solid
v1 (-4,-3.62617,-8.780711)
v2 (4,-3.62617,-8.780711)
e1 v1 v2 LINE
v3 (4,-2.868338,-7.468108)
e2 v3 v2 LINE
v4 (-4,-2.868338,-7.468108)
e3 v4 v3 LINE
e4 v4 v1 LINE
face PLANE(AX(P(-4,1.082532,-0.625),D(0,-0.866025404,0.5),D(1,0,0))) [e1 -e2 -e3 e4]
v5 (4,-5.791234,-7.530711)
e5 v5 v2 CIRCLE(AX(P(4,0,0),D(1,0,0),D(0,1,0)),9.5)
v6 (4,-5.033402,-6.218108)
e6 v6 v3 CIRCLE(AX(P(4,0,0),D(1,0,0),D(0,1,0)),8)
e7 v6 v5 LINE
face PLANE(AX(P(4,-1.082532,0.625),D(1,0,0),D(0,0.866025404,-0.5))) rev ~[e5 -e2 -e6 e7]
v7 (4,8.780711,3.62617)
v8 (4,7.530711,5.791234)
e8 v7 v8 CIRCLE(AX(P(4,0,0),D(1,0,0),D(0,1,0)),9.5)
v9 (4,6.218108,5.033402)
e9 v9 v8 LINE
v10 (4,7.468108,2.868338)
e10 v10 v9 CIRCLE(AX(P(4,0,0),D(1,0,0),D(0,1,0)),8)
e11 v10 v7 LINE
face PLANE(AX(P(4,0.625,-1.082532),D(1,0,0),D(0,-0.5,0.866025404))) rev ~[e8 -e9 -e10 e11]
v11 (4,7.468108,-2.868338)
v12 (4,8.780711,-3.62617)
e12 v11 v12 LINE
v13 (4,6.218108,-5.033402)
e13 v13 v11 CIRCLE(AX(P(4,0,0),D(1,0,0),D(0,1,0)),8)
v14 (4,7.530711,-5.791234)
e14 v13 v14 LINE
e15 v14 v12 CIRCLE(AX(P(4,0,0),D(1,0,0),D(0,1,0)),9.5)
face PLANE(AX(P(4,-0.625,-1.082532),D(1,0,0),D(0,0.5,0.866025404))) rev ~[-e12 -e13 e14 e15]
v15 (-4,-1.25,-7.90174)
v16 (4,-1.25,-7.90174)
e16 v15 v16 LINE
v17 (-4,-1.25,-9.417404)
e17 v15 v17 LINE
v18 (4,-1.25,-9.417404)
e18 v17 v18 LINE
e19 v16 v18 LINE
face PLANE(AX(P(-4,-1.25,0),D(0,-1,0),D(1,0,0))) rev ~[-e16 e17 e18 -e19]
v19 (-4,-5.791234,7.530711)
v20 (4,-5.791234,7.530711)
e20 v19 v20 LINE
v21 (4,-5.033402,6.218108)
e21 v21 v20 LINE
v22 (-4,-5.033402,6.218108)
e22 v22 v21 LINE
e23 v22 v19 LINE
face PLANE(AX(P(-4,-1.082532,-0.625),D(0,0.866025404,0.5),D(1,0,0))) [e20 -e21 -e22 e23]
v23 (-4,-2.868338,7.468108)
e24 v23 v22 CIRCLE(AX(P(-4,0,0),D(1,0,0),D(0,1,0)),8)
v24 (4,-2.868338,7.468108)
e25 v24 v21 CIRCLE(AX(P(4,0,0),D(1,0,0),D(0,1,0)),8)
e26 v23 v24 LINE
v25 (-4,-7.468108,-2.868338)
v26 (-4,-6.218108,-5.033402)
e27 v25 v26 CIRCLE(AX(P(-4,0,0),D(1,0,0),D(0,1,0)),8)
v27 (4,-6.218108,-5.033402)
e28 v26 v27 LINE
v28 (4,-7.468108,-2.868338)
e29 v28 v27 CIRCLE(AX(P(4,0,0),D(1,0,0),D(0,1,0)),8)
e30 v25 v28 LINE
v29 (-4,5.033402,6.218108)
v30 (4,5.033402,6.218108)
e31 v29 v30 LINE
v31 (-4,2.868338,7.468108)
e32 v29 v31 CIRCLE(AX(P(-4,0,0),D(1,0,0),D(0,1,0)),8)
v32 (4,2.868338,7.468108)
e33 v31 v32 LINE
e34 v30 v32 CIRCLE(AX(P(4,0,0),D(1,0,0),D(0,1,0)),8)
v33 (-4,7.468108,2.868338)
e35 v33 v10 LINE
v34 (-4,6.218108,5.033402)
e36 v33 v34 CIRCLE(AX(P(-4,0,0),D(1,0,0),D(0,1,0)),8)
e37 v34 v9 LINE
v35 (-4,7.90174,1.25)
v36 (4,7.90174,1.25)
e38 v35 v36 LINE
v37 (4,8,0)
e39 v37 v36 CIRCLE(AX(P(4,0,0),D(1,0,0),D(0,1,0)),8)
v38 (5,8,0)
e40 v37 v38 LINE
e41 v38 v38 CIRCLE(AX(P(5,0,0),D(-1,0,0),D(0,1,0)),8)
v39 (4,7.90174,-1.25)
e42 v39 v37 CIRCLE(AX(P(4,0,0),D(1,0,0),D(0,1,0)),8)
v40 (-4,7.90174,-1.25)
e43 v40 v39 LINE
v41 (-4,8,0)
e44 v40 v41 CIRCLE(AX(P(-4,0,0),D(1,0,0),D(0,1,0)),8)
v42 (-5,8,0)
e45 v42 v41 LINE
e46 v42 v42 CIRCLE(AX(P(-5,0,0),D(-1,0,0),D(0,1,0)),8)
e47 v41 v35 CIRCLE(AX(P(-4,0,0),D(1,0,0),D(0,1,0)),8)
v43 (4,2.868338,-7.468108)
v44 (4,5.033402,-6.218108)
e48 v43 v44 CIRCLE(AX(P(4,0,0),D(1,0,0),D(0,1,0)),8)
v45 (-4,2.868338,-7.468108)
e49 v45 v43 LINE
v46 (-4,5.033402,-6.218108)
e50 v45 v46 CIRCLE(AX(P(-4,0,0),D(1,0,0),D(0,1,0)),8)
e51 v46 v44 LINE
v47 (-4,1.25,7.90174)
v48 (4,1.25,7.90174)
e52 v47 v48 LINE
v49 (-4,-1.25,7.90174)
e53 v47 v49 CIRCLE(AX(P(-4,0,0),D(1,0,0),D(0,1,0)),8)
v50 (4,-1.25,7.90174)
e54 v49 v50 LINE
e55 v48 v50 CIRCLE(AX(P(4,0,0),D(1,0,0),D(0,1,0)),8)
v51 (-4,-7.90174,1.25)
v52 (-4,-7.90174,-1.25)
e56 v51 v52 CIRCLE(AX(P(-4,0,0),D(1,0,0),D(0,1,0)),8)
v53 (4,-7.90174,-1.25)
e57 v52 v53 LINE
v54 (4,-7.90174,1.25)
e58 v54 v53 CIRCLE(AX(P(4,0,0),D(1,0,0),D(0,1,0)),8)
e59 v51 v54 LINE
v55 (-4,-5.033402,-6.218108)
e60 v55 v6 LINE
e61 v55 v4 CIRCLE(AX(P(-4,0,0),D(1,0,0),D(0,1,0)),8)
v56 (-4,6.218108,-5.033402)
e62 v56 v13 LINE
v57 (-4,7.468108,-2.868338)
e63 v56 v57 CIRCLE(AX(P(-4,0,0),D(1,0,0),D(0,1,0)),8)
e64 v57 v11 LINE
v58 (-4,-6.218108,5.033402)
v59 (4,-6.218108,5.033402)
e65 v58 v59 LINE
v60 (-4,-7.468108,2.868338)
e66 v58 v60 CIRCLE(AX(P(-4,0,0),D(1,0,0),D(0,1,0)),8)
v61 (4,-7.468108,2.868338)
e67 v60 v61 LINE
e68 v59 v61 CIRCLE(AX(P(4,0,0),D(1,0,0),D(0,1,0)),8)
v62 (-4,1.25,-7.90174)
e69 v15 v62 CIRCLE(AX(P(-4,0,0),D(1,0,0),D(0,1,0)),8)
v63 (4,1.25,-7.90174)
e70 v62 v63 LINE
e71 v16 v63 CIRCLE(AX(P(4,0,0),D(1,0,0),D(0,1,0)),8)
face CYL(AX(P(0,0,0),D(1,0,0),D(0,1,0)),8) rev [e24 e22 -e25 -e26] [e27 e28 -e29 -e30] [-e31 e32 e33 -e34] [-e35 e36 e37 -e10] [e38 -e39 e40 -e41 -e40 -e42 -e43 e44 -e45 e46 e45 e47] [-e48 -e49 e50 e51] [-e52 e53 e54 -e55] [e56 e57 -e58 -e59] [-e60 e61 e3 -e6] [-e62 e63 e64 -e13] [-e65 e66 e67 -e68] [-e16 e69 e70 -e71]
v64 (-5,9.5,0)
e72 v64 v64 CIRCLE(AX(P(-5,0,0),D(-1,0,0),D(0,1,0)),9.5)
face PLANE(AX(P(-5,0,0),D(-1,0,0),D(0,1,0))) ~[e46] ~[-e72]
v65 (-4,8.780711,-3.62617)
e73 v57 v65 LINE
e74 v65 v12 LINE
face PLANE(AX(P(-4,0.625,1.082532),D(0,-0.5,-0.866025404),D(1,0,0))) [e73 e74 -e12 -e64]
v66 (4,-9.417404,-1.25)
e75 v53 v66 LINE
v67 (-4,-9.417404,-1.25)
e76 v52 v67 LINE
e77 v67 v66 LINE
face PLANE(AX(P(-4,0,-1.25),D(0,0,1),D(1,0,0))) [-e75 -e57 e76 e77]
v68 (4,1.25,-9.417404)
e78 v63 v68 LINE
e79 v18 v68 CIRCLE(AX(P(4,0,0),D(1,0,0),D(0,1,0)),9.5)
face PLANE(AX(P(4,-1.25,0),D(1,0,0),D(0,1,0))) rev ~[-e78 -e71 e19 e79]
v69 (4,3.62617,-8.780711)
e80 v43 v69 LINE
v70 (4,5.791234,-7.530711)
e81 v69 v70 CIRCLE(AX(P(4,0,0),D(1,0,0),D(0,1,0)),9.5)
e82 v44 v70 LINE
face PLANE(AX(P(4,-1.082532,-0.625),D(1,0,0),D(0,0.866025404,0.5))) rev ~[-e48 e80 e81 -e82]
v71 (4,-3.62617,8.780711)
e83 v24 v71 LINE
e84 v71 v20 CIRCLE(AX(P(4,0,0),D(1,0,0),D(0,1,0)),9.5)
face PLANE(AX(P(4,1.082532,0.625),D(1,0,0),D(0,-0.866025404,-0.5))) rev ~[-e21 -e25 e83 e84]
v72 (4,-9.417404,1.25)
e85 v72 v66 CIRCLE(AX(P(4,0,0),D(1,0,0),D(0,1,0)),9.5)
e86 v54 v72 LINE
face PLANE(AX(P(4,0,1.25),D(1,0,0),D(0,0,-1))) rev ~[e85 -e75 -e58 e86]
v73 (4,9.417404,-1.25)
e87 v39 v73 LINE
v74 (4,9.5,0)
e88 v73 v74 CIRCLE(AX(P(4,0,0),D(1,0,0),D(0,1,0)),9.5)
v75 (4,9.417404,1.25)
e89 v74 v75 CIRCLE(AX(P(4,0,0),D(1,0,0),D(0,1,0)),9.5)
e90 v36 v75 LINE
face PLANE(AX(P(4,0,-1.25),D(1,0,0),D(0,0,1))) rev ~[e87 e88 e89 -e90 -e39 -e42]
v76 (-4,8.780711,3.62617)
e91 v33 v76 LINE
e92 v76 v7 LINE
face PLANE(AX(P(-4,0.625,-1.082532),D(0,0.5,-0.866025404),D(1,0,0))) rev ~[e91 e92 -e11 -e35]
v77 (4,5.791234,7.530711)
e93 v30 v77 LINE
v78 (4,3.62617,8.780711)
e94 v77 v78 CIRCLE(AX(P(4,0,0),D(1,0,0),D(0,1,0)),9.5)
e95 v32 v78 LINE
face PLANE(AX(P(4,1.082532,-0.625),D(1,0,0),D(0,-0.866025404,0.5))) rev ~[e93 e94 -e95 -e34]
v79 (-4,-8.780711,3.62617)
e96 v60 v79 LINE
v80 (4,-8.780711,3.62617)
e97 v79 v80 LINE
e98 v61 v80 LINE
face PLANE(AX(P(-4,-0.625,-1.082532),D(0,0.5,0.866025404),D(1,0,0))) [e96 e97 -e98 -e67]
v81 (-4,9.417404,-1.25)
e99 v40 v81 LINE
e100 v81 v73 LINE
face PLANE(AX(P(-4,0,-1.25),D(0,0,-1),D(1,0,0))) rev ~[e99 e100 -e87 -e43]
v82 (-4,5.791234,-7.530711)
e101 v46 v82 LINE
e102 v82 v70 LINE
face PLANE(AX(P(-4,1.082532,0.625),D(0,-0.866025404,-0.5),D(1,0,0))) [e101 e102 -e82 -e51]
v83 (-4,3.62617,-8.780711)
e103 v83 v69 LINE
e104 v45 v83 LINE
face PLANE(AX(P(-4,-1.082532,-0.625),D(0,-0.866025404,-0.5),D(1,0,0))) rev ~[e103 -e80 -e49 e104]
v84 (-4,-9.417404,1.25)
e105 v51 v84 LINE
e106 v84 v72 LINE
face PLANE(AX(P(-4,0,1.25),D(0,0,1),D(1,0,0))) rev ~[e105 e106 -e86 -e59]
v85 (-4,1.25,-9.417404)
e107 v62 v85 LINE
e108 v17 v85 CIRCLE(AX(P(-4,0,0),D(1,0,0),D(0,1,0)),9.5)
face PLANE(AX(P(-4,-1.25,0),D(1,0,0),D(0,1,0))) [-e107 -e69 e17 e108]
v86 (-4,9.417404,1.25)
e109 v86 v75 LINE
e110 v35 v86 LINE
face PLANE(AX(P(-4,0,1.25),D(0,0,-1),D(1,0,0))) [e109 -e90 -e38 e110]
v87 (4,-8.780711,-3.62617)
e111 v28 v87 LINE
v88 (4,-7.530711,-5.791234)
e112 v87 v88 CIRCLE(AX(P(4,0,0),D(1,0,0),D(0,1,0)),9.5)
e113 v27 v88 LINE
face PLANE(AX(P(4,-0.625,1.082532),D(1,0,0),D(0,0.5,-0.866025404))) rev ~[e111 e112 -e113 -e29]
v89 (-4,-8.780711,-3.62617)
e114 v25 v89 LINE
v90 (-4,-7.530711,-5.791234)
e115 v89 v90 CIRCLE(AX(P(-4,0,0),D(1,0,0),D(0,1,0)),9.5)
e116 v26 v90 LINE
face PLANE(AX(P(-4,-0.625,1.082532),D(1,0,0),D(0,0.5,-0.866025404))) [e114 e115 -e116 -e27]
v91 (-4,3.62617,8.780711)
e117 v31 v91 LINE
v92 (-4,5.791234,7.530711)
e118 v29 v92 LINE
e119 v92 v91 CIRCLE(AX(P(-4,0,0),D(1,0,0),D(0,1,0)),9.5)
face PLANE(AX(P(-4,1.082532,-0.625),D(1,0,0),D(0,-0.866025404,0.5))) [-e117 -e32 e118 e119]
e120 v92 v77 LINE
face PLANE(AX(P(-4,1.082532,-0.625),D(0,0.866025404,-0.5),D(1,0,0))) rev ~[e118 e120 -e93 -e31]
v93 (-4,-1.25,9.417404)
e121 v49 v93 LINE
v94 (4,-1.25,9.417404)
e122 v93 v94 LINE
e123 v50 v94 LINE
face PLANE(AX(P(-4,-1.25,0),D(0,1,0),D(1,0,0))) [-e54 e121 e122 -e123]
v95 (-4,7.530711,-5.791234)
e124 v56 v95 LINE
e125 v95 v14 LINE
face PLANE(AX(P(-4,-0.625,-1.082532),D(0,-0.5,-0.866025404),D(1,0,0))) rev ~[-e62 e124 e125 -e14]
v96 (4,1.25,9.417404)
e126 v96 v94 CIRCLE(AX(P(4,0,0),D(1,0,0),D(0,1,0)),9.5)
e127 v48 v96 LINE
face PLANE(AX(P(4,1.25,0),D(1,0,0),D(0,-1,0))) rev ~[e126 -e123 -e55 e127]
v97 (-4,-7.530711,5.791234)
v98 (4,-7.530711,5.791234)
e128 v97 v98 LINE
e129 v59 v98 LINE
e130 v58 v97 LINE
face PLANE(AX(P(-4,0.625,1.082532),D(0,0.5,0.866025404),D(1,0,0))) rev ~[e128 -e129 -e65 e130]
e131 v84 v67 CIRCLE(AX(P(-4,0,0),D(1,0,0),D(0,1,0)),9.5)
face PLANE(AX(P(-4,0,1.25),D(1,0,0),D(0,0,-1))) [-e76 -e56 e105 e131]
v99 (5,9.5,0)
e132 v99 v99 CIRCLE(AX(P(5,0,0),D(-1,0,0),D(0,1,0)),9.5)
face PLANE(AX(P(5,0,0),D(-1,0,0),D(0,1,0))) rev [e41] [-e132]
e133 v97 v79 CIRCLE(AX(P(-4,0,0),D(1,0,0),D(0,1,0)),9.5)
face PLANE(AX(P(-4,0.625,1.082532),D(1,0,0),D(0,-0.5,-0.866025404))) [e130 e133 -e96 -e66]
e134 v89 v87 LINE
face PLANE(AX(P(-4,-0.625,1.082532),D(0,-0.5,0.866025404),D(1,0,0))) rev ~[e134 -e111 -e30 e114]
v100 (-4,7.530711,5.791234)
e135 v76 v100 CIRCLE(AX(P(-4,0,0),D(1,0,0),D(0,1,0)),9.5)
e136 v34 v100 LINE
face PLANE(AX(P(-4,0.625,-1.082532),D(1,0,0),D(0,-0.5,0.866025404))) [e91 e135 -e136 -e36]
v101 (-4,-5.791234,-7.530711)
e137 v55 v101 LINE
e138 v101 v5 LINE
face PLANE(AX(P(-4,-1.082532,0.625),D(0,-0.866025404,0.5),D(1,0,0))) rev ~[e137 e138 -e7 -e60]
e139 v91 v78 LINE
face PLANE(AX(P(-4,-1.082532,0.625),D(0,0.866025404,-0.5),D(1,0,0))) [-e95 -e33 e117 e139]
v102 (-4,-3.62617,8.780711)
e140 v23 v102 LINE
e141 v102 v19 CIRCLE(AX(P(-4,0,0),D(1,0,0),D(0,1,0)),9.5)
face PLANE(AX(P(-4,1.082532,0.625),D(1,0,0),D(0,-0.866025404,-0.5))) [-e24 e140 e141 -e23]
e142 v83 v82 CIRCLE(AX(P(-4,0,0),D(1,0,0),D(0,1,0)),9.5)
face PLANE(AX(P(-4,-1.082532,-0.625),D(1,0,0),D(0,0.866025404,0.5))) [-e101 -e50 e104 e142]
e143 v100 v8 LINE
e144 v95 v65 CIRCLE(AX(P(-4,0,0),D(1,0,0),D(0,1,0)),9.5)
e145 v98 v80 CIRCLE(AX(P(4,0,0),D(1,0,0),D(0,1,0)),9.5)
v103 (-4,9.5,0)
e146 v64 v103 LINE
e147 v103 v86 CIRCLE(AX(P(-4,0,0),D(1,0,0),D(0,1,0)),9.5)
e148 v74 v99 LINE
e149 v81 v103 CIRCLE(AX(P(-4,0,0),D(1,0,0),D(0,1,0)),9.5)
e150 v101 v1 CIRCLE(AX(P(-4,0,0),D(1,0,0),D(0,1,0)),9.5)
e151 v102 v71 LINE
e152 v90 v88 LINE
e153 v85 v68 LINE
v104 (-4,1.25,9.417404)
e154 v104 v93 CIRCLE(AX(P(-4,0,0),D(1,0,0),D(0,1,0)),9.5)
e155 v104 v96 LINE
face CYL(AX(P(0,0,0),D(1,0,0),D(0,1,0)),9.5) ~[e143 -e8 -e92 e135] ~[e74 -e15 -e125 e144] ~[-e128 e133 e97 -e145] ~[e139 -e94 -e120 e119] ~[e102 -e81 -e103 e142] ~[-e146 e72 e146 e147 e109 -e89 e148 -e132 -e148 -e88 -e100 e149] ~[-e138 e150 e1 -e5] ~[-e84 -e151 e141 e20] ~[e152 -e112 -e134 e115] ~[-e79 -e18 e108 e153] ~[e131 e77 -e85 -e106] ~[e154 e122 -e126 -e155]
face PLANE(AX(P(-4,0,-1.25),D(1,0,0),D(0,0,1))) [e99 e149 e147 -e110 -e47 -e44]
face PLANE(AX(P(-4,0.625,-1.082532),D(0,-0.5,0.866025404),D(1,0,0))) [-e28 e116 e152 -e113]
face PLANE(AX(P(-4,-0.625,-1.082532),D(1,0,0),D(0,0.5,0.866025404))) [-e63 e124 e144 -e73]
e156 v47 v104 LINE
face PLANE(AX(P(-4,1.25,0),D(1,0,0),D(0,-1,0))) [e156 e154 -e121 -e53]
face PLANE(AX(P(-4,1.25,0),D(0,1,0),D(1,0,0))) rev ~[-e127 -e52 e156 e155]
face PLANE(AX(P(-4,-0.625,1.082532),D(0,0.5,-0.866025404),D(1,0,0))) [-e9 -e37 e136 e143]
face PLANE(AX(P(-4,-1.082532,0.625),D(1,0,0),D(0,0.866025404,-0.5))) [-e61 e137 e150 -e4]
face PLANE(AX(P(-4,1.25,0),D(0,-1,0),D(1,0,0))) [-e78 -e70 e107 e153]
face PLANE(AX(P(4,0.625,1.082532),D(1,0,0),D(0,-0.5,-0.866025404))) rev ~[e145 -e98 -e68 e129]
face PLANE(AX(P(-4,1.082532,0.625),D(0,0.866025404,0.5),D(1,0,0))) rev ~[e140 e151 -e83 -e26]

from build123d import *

# Parameters (mm, degrees)
ESQUISSE1_W                  = 10
ESQUISSE1_H                  = 1.5
ESQUISSE2_W                  = 8
ESQUISSE2_H                  = 2.5
ENL_V_MAT_EXTRU_1_DEPTH      = 10.5
R_P_TITION_CIRCULAIRE1_COUNT = 12


with BuildPart() as part:
    # Esquisse1 → Base-Révolution (revolve)
    with BuildSketch(Plane.XY):
        with Locations((0, 8.75)):
            Rectangle(ESQUISSE1_W, ESQUISSE1_H)
    revolve(axis=Axis((11.7, 0, 0), (-1, 0, 0)))

    # Esquisse2 → Enlèv. mat.-Extru.1 (cut, through all)
    with BuildSketch(Plane.XY):
        Rectangle(ESQUISSE2_W, ESQUISSE2_H)
    enl_v_mat_extru_1 = extrude(amount=-ENL_V_MAT_EXTRU_1_DEPTH, mode=Mode.SUBTRACT)

    # Répétition circulaire1: Enlèv. mat.-Extru.1 ×12 about axis
    r_p_tition_circulaire1_axis = Axis((-50, 0, 0), (1, 0, 0))
    for i in range(1, R_P_TITION_CIRCULAIRE1_COUNT):
        add(enl_v_mat_extru_1.rotate(r_p_tition_circulaire1_axis, i * 360 / R_P_TITION_CIRCULAIRE1_COUNT), mode=Mode.SUBTRACT)


solid = part.part
